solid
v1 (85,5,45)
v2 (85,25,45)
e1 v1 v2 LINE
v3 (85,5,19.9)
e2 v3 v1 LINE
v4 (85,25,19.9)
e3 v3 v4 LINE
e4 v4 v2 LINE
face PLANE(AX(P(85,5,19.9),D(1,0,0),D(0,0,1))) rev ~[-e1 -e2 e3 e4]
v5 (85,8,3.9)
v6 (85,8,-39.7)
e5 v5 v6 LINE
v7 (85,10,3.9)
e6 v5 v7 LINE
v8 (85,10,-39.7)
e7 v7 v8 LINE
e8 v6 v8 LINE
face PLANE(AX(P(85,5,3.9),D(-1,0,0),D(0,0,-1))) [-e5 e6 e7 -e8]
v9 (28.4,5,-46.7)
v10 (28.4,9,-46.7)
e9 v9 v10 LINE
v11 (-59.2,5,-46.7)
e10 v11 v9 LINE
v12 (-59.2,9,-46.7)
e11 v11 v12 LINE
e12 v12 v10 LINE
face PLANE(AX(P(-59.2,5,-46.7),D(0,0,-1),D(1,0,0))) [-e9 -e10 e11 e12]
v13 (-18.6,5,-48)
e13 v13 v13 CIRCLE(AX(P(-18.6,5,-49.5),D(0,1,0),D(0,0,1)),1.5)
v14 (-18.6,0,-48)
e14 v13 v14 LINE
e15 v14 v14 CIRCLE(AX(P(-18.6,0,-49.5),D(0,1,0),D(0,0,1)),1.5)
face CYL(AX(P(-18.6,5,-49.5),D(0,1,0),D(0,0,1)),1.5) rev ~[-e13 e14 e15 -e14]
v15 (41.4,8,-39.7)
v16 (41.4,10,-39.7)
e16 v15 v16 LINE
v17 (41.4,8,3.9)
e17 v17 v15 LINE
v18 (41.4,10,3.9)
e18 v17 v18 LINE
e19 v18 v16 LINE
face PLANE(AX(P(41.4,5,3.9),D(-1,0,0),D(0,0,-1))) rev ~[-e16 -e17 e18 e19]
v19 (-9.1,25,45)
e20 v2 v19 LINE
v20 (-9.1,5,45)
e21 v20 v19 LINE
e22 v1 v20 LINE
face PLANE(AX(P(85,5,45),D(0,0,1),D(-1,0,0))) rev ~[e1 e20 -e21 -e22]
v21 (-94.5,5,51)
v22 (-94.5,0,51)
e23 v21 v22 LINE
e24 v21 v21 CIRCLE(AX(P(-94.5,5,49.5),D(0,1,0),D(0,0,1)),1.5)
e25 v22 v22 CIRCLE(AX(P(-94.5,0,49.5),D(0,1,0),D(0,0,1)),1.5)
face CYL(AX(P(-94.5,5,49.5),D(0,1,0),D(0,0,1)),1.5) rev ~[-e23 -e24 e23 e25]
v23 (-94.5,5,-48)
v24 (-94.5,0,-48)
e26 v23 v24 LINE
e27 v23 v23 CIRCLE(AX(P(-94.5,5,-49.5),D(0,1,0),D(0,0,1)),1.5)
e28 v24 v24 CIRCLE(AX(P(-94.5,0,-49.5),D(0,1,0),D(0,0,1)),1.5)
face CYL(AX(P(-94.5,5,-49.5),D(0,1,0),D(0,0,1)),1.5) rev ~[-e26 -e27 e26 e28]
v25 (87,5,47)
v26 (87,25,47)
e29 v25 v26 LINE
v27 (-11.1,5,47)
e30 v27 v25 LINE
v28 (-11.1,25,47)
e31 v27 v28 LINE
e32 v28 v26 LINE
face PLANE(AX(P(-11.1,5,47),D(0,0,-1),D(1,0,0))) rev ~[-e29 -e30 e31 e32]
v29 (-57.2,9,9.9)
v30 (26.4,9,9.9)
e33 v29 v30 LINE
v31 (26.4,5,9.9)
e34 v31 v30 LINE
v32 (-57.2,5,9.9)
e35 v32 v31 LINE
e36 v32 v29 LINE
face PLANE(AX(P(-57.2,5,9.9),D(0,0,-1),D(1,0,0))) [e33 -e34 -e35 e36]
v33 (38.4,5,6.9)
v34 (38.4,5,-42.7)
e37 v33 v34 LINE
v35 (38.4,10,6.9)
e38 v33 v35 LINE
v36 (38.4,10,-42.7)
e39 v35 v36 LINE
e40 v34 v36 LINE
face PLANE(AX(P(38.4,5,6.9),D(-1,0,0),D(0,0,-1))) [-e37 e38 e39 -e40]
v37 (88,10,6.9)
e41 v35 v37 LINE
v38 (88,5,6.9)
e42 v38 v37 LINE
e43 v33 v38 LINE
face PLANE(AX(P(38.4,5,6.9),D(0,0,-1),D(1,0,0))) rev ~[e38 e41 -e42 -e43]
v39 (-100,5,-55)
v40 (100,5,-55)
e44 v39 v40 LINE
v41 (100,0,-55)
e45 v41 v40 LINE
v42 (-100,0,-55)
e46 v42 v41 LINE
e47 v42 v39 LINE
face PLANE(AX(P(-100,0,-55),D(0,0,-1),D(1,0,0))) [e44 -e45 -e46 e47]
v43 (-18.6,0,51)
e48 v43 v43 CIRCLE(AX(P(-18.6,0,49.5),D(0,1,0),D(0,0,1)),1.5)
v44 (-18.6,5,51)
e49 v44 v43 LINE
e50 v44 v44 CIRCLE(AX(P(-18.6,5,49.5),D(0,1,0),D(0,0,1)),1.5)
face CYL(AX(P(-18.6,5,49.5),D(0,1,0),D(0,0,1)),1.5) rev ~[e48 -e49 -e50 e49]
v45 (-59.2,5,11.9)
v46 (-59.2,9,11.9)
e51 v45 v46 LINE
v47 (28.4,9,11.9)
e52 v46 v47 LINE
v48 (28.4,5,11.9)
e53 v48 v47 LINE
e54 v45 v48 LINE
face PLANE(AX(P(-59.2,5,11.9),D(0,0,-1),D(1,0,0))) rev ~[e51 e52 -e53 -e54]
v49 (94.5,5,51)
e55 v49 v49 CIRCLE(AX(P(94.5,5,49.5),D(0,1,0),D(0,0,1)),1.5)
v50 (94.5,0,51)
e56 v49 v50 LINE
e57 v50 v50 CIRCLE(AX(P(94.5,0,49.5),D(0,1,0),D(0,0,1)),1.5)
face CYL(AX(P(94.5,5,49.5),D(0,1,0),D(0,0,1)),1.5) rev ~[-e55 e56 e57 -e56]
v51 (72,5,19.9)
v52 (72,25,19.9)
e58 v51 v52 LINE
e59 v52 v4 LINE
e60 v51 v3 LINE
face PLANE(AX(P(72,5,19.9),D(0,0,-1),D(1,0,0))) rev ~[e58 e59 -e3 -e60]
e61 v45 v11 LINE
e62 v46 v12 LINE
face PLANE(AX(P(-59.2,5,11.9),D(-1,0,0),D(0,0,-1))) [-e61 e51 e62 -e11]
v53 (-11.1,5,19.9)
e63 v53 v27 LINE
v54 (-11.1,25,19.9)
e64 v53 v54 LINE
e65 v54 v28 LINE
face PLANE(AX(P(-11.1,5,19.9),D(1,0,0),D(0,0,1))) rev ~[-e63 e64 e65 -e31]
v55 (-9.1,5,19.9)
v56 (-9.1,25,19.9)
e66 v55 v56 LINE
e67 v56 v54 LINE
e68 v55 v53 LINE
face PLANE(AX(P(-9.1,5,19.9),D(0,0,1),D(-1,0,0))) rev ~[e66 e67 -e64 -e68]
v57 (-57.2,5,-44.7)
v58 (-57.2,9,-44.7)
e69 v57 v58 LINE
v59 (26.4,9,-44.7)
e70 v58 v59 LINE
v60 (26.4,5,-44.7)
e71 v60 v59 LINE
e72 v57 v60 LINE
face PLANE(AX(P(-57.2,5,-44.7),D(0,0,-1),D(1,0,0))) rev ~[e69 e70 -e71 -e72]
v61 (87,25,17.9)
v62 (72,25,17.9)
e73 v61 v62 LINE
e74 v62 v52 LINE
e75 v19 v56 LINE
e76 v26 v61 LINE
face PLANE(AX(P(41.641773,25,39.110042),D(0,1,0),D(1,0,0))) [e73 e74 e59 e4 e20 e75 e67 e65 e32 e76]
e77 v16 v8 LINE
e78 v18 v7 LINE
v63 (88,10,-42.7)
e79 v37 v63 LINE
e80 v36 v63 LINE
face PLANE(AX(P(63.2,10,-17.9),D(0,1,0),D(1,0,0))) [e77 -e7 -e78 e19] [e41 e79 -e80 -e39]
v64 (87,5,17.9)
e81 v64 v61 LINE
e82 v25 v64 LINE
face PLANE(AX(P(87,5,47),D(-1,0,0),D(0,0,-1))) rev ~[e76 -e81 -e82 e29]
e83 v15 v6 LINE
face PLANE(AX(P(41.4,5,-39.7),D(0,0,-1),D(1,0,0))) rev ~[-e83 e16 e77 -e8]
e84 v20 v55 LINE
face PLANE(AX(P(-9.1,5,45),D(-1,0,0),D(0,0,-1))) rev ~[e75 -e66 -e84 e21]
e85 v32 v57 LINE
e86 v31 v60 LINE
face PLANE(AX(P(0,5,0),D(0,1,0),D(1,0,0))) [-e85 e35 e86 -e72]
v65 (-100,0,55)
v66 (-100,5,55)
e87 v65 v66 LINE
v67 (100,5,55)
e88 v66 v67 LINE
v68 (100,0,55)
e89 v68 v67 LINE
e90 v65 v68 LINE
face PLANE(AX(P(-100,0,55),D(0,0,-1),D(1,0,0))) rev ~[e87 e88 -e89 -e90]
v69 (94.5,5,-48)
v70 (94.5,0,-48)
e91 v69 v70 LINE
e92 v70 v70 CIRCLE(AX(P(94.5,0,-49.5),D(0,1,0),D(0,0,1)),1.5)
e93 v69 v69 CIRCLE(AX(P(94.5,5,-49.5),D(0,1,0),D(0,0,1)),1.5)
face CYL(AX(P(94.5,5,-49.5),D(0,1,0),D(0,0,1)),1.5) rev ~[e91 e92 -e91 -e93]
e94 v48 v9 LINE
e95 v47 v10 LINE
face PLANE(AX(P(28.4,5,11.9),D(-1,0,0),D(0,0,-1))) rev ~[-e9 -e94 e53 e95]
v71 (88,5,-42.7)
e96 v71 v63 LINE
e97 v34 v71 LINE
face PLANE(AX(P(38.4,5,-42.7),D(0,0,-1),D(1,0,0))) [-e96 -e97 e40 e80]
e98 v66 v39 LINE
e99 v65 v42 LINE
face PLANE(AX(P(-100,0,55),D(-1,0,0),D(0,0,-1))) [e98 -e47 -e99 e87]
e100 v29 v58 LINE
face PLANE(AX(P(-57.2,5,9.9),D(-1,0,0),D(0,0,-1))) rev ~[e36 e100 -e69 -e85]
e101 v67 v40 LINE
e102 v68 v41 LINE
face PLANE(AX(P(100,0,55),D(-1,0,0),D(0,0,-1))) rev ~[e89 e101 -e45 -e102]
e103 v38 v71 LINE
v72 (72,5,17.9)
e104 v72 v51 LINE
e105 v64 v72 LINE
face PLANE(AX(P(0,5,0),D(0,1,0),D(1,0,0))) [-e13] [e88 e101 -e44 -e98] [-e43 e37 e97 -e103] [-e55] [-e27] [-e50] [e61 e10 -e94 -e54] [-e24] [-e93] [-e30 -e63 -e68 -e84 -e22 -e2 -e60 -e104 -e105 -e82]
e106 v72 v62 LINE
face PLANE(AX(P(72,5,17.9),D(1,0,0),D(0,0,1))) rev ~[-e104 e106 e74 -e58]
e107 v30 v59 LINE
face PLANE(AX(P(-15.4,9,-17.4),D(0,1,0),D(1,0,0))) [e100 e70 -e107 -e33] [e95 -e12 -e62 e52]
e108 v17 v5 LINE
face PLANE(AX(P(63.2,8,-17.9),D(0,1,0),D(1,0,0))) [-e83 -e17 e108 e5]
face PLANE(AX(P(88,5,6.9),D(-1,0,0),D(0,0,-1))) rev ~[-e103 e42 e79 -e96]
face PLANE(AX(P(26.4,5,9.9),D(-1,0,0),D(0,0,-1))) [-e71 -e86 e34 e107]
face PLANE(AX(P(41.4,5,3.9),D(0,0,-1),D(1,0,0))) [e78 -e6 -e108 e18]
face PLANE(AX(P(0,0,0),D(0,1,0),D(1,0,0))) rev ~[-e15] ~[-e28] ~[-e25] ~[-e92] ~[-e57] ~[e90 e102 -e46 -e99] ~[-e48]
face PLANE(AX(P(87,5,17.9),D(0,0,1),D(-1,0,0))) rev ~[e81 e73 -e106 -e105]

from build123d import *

# Parameters (mm, degrees)
SKETCH1_W           = 200
SKETCH1_H           = 110
BOSS_EXTRUDE1_DEPTH = 5
SKETCH4_R           = 1.5
CUT_EXTRUDE1_DEPTH  = 10
BOSS_EXTRUDE2_DEPTH = 20
SKETCH7_W           = 43.6
SKETCH7_H           = 43.6
BOSS_EXTRUDE3_DEPTH = 3
SKETCH7_3_W         = 49.6
SKETCH7_3_H         = 49.6
SKETCH7_3_W_2       = 43.6
SKETCH7_3_H_2       = 43.6
BOSS_EXTRUDE4_DEPTH = 5
SKETCH8_W           = 87.6
SKETCH8_H           = 58.6
SKETCH8_W_2         = 83.6
SKETCH8_H_2         = 54.6
BOSS_EXTRUDE5_DEPTH = 4
SKETCH9_R           = 1.5
CUT_EXTRUDE2_DEPTH  = 5


with BuildPart() as part:
    # Sketch1 → Boss-Extrude1 (new body)
    with BuildSketch(Plane(origin=(0, 0, 0), x_dir=(1, 0, 0), z_dir=(0, 1, 0))):
        Rectangle(SKETCH1_W, SKETCH1_H)
    extrude(amount=BOSS_EXTRUDE1_DEPTH)

    # Sketch4 → Cut-Extrude1 (cut)
    with BuildSketch(Plane(origin=(0, 5, 0), x_dir=(1, 0, 0), z_dir=(0, 1, 0))):
        with Locations((94.5, 49.5)):
            Circle(SKETCH4_R)
        with Locations((-94.5, 49.5)):
            Circle(SKETCH4_R)
        with Locations((-94.5, -49.5)):
            Circle(SKETCH4_R)
        with Locations((94.5, -49.5)):
            Circle(SKETCH4_R)
    extrude(amount=-CUT_EXTRUDE1_DEPTH, mode=Mode.SUBTRACT)

    # Sketch5 → Boss-Extrude2 (add)
    with BuildSketch(Plane(origin=(0, 5, 0), x_dir=(1, 0, 0), z_dir=(0, 1, 0))):
        Polygon((85, -19.9), (85, -45), (-9.1, -45), (-9.1, -19.9), (-11.1, -19.9), (-11.1, -47), (87, -47), (87, -17.9), (72, -17.9), (72, -19.9), align=None)
    extrude(amount=BOSS_EXTRUDE2_DEPTH)

    # Sketch7 → Boss-Extrude3 (add)
    with BuildSketch(Plane(origin=(0, 5, 0), x_dir=(1, 0, 0), z_dir=(0, 1, 0))):
        with Locations((63.2, 17.9)):
            Rectangle(SKETCH7_W, SKETCH7_H)
    extrude(amount=BOSS_EXTRUDE3_DEPTH)

    # Sketch7<3> → Boss-Extrude4 (add)
    with BuildSketch(Plane(origin=(0, 5, 0), x_dir=(1, 0, 0), z_dir=(0, 1, 0))):
        with Locations((63.2, 17.9)):
            Rectangle(SKETCH7_3_W, SKETCH7_3_H)
        with Locations((63.2, 17.9)):
            Rectangle(SKETCH7_3_W_2, SKETCH7_3_H_2, mode=Mode.SUBTRACT)
    extrude(amount=BOSS_EXTRUDE4_DEPTH)

    # Sketch8 → Boss-Extrude5 (add)
    with BuildSketch(Plane(origin=(0, 5, 0), x_dir=(1, 0, 0), z_dir=(0, 1, 0))):
        with Locations((-15.4, 17.4)):
            Rectangle(SKETCH8_W, SKETCH8_H)
        with Locations((-15.4, 17.4)):
            Rectangle(SKETCH8_W_2, SKETCH8_H_2, mode=Mode.SUBTRACT)
    extrude(amount=BOSS_EXTRUDE5_DEPTH)

    # Sketch9 → Cut-Extrude2 (cut)
    with BuildSketch(Plane(origin=(0, 5, 0), x_dir=(1, 0, 0), z_dir=(0, 1, 0))):
        with Locations((-18.6, -49.5)):
            Circle(SKETCH9_R)
        with Locations((-18.6, 49.5)):
            Circle(SKETCH9_R)
    extrude(amount=-CUT_EXTRUDE2_DEPTH, mode=Mode.SUBTRACT)


solid = part.part
